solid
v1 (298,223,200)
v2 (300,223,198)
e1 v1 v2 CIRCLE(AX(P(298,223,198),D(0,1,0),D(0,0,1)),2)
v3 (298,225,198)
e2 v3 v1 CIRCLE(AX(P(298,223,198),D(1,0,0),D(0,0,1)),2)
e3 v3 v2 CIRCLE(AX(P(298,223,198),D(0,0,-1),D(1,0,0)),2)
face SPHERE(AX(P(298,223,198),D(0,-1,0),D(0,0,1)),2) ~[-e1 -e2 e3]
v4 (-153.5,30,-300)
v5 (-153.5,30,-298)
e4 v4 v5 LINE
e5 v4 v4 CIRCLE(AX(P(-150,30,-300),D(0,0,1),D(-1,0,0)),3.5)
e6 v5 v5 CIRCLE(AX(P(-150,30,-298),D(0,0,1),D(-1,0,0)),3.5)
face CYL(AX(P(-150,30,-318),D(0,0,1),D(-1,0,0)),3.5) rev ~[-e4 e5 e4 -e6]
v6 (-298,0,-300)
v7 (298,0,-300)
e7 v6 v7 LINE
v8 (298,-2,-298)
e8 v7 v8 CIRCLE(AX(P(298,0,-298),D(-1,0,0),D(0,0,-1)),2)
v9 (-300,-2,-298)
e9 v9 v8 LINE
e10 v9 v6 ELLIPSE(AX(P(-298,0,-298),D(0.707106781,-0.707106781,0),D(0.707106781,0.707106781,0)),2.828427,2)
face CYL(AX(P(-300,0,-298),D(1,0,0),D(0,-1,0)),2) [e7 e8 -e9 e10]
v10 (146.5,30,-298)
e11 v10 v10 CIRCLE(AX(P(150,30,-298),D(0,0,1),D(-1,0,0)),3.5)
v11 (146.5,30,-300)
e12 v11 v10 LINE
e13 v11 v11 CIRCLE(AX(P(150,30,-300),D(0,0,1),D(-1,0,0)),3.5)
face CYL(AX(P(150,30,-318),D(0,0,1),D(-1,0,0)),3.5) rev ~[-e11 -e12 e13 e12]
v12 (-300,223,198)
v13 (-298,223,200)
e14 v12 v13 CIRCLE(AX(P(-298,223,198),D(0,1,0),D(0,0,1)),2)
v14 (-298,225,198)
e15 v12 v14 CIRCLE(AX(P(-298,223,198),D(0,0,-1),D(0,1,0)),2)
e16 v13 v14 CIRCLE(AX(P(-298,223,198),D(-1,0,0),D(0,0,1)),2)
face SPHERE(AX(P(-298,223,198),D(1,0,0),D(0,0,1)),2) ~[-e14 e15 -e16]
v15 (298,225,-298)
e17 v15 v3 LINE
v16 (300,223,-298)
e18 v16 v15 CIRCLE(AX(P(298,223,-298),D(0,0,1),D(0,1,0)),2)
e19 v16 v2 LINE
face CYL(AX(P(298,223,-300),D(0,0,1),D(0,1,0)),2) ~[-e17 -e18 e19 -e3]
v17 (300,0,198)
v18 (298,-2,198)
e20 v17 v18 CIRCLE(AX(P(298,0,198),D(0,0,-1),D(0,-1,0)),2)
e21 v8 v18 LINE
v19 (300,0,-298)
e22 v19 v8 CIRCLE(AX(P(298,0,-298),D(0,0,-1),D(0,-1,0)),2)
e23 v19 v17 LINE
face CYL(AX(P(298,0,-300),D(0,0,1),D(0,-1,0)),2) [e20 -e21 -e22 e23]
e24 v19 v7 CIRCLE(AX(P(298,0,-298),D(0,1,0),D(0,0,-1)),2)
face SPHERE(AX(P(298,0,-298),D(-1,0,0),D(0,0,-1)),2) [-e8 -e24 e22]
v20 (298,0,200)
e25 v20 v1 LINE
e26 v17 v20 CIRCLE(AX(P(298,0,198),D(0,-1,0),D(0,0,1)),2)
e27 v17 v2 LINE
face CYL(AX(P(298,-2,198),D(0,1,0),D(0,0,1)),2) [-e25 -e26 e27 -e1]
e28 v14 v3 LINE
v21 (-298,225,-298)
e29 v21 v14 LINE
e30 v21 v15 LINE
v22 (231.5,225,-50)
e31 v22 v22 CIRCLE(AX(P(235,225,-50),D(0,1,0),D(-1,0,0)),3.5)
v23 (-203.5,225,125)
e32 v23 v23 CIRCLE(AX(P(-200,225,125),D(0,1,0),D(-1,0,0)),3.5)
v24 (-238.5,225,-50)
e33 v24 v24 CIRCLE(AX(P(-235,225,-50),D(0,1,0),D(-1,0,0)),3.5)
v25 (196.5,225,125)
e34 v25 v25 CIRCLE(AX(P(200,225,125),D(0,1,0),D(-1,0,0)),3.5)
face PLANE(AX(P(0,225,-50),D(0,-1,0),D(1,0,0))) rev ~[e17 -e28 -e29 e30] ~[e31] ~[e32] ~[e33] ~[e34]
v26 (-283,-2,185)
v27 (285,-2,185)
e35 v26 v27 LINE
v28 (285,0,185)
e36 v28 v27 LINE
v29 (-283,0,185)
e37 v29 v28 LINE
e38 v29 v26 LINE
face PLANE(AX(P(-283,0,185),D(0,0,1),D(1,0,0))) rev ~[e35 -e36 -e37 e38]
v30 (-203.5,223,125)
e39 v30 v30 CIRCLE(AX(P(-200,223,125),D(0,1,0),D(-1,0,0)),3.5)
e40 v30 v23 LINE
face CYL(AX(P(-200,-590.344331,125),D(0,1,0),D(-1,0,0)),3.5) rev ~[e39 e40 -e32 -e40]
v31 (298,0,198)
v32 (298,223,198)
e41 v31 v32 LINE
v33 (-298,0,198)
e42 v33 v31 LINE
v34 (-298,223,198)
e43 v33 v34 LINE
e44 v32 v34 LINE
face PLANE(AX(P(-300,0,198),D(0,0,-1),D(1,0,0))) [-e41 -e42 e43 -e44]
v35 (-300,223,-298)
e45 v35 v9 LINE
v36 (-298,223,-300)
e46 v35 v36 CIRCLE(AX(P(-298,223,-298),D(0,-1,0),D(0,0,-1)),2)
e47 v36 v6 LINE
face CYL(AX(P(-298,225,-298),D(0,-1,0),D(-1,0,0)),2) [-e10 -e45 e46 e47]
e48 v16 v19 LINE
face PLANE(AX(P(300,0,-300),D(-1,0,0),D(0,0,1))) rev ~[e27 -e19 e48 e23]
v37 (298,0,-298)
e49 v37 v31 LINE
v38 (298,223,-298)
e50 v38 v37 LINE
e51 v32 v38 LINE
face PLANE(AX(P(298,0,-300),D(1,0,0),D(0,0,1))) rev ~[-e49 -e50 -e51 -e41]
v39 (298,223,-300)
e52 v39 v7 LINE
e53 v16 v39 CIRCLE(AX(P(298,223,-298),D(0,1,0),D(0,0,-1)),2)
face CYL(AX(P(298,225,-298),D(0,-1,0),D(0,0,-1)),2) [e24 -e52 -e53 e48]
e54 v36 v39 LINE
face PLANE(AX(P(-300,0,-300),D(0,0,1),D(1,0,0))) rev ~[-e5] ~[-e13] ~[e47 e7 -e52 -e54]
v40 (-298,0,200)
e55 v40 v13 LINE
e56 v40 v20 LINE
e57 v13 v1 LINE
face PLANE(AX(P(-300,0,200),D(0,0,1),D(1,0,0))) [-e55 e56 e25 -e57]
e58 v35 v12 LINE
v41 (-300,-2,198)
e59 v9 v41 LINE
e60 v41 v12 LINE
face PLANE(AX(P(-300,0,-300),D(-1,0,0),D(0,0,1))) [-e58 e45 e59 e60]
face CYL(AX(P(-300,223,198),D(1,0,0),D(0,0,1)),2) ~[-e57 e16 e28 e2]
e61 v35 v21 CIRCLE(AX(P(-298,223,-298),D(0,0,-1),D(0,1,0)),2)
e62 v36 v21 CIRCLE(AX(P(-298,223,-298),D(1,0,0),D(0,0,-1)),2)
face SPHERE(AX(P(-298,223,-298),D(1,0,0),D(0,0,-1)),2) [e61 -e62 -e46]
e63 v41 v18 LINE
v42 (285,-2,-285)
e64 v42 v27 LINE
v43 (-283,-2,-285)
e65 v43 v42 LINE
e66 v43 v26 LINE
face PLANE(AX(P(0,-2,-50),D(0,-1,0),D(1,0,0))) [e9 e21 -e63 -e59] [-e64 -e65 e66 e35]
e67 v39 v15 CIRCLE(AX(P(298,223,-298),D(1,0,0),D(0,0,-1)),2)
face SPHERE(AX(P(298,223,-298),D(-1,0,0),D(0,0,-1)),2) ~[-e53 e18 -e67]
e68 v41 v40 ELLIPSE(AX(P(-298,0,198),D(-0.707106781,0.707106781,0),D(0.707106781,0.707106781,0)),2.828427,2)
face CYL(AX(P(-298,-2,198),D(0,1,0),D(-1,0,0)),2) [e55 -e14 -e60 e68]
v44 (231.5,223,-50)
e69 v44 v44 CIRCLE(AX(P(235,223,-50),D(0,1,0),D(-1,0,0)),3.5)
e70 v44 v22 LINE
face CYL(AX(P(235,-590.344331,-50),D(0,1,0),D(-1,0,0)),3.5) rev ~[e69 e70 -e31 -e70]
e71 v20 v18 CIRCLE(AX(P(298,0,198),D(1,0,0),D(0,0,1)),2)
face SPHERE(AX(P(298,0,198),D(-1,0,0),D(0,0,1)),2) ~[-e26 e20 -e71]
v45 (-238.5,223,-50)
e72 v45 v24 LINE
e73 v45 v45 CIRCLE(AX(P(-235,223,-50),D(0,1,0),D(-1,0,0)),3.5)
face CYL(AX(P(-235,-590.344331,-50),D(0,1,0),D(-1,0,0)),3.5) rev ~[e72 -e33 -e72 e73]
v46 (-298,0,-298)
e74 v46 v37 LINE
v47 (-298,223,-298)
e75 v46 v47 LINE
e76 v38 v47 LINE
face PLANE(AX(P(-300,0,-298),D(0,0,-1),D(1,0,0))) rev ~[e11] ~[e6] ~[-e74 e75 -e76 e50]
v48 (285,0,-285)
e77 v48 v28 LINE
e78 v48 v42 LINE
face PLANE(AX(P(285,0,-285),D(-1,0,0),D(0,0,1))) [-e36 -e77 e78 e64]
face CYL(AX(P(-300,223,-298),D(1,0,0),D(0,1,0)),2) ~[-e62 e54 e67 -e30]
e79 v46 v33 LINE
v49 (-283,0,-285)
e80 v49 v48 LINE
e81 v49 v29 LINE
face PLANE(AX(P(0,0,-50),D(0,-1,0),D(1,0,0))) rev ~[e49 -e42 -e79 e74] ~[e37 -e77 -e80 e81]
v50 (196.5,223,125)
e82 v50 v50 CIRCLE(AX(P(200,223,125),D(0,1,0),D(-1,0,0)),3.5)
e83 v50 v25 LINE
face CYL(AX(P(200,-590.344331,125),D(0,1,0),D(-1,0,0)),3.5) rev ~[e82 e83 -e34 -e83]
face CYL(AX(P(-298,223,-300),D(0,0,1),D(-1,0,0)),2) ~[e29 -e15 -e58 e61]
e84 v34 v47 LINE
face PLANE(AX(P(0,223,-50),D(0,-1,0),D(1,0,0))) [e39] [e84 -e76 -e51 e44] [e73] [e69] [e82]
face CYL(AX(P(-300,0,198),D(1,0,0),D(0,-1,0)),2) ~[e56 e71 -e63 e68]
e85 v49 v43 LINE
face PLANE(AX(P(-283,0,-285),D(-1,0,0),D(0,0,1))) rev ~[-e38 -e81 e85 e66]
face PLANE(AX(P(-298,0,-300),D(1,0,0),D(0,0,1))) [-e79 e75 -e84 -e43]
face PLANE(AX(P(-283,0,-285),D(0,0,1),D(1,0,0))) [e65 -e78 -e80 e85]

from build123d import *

# Parameters (mm, degrees)
F0_W     = 600
F0_H     = 500
F1_DEPTH = 225
F2_T     = -2
F3_W     = 600
F3_H     = 500
F3_W_2   = 568
F3_H_2   = 470
F4_DEPTH = 2
F6_D     = 7
F8_D     = 7
F8_DEPTH = 18
F9_R     = 2


with BuildPart() as f1:
    # F0 (on Front) → F1 (new body)
    with BuildSketch(Plane.XZ):
        with Locations((0, -50)):
            Rectangle(F0_W, F0_H)
    extrude(amount=-F1_DEPTH)

    # F2
    f2_openings = [f1.faces().sort_by_distance(p)[0] for p in [
        (0, 0, -50),
    ]]
    offset(amount=F2_T, openings=f2_openings)

    # F3 (on Front) → F4 (join)
    with BuildSketch(Plane.XZ):
        with Locations((0, -50)):
            Rectangle(F3_W, F3_H)
        with Locations((1, -50)):
            Rectangle(F3_W_2, F3_H_2, mode=Mode.SUBTRACT)
    extrude(amount=F4_DEPTH)

    # F6 (through all)
    with Locations(Plane.XZ.offset(-223)):
        with Locations((-200, 125), (200, 125), (235, -50), (-235, -50)):
            Hole(F6_D / 2)

    # F8
    with Locations(Plane(origin=(0, 0, -300), x_dir=(1, 0, 0), z_dir=(0, 0, -1))):
        with Locations((150, -30), (-150, -30)):
            Hole(F8_D / 2, depth=F8_DEPTH)

    # F9
    f9_edges = [f1.edges().sort_by_distance(p)[0] for p in [
        (0, -2, 200),
        (300, 111.5, 200),
        (0, 225, 200),
        (-300, 111.5, 200),
        (0, -2, -300),
        (0, 225, -300),
        (-300, 111.5, -300),
        (300, 111.5, -300),
        (300, 225, -50),
        (300, -2, -50),
        (-300, 225, -50),
    ]]
    fillet(f9_edges, radius=F9_R)


solid = f1.part
